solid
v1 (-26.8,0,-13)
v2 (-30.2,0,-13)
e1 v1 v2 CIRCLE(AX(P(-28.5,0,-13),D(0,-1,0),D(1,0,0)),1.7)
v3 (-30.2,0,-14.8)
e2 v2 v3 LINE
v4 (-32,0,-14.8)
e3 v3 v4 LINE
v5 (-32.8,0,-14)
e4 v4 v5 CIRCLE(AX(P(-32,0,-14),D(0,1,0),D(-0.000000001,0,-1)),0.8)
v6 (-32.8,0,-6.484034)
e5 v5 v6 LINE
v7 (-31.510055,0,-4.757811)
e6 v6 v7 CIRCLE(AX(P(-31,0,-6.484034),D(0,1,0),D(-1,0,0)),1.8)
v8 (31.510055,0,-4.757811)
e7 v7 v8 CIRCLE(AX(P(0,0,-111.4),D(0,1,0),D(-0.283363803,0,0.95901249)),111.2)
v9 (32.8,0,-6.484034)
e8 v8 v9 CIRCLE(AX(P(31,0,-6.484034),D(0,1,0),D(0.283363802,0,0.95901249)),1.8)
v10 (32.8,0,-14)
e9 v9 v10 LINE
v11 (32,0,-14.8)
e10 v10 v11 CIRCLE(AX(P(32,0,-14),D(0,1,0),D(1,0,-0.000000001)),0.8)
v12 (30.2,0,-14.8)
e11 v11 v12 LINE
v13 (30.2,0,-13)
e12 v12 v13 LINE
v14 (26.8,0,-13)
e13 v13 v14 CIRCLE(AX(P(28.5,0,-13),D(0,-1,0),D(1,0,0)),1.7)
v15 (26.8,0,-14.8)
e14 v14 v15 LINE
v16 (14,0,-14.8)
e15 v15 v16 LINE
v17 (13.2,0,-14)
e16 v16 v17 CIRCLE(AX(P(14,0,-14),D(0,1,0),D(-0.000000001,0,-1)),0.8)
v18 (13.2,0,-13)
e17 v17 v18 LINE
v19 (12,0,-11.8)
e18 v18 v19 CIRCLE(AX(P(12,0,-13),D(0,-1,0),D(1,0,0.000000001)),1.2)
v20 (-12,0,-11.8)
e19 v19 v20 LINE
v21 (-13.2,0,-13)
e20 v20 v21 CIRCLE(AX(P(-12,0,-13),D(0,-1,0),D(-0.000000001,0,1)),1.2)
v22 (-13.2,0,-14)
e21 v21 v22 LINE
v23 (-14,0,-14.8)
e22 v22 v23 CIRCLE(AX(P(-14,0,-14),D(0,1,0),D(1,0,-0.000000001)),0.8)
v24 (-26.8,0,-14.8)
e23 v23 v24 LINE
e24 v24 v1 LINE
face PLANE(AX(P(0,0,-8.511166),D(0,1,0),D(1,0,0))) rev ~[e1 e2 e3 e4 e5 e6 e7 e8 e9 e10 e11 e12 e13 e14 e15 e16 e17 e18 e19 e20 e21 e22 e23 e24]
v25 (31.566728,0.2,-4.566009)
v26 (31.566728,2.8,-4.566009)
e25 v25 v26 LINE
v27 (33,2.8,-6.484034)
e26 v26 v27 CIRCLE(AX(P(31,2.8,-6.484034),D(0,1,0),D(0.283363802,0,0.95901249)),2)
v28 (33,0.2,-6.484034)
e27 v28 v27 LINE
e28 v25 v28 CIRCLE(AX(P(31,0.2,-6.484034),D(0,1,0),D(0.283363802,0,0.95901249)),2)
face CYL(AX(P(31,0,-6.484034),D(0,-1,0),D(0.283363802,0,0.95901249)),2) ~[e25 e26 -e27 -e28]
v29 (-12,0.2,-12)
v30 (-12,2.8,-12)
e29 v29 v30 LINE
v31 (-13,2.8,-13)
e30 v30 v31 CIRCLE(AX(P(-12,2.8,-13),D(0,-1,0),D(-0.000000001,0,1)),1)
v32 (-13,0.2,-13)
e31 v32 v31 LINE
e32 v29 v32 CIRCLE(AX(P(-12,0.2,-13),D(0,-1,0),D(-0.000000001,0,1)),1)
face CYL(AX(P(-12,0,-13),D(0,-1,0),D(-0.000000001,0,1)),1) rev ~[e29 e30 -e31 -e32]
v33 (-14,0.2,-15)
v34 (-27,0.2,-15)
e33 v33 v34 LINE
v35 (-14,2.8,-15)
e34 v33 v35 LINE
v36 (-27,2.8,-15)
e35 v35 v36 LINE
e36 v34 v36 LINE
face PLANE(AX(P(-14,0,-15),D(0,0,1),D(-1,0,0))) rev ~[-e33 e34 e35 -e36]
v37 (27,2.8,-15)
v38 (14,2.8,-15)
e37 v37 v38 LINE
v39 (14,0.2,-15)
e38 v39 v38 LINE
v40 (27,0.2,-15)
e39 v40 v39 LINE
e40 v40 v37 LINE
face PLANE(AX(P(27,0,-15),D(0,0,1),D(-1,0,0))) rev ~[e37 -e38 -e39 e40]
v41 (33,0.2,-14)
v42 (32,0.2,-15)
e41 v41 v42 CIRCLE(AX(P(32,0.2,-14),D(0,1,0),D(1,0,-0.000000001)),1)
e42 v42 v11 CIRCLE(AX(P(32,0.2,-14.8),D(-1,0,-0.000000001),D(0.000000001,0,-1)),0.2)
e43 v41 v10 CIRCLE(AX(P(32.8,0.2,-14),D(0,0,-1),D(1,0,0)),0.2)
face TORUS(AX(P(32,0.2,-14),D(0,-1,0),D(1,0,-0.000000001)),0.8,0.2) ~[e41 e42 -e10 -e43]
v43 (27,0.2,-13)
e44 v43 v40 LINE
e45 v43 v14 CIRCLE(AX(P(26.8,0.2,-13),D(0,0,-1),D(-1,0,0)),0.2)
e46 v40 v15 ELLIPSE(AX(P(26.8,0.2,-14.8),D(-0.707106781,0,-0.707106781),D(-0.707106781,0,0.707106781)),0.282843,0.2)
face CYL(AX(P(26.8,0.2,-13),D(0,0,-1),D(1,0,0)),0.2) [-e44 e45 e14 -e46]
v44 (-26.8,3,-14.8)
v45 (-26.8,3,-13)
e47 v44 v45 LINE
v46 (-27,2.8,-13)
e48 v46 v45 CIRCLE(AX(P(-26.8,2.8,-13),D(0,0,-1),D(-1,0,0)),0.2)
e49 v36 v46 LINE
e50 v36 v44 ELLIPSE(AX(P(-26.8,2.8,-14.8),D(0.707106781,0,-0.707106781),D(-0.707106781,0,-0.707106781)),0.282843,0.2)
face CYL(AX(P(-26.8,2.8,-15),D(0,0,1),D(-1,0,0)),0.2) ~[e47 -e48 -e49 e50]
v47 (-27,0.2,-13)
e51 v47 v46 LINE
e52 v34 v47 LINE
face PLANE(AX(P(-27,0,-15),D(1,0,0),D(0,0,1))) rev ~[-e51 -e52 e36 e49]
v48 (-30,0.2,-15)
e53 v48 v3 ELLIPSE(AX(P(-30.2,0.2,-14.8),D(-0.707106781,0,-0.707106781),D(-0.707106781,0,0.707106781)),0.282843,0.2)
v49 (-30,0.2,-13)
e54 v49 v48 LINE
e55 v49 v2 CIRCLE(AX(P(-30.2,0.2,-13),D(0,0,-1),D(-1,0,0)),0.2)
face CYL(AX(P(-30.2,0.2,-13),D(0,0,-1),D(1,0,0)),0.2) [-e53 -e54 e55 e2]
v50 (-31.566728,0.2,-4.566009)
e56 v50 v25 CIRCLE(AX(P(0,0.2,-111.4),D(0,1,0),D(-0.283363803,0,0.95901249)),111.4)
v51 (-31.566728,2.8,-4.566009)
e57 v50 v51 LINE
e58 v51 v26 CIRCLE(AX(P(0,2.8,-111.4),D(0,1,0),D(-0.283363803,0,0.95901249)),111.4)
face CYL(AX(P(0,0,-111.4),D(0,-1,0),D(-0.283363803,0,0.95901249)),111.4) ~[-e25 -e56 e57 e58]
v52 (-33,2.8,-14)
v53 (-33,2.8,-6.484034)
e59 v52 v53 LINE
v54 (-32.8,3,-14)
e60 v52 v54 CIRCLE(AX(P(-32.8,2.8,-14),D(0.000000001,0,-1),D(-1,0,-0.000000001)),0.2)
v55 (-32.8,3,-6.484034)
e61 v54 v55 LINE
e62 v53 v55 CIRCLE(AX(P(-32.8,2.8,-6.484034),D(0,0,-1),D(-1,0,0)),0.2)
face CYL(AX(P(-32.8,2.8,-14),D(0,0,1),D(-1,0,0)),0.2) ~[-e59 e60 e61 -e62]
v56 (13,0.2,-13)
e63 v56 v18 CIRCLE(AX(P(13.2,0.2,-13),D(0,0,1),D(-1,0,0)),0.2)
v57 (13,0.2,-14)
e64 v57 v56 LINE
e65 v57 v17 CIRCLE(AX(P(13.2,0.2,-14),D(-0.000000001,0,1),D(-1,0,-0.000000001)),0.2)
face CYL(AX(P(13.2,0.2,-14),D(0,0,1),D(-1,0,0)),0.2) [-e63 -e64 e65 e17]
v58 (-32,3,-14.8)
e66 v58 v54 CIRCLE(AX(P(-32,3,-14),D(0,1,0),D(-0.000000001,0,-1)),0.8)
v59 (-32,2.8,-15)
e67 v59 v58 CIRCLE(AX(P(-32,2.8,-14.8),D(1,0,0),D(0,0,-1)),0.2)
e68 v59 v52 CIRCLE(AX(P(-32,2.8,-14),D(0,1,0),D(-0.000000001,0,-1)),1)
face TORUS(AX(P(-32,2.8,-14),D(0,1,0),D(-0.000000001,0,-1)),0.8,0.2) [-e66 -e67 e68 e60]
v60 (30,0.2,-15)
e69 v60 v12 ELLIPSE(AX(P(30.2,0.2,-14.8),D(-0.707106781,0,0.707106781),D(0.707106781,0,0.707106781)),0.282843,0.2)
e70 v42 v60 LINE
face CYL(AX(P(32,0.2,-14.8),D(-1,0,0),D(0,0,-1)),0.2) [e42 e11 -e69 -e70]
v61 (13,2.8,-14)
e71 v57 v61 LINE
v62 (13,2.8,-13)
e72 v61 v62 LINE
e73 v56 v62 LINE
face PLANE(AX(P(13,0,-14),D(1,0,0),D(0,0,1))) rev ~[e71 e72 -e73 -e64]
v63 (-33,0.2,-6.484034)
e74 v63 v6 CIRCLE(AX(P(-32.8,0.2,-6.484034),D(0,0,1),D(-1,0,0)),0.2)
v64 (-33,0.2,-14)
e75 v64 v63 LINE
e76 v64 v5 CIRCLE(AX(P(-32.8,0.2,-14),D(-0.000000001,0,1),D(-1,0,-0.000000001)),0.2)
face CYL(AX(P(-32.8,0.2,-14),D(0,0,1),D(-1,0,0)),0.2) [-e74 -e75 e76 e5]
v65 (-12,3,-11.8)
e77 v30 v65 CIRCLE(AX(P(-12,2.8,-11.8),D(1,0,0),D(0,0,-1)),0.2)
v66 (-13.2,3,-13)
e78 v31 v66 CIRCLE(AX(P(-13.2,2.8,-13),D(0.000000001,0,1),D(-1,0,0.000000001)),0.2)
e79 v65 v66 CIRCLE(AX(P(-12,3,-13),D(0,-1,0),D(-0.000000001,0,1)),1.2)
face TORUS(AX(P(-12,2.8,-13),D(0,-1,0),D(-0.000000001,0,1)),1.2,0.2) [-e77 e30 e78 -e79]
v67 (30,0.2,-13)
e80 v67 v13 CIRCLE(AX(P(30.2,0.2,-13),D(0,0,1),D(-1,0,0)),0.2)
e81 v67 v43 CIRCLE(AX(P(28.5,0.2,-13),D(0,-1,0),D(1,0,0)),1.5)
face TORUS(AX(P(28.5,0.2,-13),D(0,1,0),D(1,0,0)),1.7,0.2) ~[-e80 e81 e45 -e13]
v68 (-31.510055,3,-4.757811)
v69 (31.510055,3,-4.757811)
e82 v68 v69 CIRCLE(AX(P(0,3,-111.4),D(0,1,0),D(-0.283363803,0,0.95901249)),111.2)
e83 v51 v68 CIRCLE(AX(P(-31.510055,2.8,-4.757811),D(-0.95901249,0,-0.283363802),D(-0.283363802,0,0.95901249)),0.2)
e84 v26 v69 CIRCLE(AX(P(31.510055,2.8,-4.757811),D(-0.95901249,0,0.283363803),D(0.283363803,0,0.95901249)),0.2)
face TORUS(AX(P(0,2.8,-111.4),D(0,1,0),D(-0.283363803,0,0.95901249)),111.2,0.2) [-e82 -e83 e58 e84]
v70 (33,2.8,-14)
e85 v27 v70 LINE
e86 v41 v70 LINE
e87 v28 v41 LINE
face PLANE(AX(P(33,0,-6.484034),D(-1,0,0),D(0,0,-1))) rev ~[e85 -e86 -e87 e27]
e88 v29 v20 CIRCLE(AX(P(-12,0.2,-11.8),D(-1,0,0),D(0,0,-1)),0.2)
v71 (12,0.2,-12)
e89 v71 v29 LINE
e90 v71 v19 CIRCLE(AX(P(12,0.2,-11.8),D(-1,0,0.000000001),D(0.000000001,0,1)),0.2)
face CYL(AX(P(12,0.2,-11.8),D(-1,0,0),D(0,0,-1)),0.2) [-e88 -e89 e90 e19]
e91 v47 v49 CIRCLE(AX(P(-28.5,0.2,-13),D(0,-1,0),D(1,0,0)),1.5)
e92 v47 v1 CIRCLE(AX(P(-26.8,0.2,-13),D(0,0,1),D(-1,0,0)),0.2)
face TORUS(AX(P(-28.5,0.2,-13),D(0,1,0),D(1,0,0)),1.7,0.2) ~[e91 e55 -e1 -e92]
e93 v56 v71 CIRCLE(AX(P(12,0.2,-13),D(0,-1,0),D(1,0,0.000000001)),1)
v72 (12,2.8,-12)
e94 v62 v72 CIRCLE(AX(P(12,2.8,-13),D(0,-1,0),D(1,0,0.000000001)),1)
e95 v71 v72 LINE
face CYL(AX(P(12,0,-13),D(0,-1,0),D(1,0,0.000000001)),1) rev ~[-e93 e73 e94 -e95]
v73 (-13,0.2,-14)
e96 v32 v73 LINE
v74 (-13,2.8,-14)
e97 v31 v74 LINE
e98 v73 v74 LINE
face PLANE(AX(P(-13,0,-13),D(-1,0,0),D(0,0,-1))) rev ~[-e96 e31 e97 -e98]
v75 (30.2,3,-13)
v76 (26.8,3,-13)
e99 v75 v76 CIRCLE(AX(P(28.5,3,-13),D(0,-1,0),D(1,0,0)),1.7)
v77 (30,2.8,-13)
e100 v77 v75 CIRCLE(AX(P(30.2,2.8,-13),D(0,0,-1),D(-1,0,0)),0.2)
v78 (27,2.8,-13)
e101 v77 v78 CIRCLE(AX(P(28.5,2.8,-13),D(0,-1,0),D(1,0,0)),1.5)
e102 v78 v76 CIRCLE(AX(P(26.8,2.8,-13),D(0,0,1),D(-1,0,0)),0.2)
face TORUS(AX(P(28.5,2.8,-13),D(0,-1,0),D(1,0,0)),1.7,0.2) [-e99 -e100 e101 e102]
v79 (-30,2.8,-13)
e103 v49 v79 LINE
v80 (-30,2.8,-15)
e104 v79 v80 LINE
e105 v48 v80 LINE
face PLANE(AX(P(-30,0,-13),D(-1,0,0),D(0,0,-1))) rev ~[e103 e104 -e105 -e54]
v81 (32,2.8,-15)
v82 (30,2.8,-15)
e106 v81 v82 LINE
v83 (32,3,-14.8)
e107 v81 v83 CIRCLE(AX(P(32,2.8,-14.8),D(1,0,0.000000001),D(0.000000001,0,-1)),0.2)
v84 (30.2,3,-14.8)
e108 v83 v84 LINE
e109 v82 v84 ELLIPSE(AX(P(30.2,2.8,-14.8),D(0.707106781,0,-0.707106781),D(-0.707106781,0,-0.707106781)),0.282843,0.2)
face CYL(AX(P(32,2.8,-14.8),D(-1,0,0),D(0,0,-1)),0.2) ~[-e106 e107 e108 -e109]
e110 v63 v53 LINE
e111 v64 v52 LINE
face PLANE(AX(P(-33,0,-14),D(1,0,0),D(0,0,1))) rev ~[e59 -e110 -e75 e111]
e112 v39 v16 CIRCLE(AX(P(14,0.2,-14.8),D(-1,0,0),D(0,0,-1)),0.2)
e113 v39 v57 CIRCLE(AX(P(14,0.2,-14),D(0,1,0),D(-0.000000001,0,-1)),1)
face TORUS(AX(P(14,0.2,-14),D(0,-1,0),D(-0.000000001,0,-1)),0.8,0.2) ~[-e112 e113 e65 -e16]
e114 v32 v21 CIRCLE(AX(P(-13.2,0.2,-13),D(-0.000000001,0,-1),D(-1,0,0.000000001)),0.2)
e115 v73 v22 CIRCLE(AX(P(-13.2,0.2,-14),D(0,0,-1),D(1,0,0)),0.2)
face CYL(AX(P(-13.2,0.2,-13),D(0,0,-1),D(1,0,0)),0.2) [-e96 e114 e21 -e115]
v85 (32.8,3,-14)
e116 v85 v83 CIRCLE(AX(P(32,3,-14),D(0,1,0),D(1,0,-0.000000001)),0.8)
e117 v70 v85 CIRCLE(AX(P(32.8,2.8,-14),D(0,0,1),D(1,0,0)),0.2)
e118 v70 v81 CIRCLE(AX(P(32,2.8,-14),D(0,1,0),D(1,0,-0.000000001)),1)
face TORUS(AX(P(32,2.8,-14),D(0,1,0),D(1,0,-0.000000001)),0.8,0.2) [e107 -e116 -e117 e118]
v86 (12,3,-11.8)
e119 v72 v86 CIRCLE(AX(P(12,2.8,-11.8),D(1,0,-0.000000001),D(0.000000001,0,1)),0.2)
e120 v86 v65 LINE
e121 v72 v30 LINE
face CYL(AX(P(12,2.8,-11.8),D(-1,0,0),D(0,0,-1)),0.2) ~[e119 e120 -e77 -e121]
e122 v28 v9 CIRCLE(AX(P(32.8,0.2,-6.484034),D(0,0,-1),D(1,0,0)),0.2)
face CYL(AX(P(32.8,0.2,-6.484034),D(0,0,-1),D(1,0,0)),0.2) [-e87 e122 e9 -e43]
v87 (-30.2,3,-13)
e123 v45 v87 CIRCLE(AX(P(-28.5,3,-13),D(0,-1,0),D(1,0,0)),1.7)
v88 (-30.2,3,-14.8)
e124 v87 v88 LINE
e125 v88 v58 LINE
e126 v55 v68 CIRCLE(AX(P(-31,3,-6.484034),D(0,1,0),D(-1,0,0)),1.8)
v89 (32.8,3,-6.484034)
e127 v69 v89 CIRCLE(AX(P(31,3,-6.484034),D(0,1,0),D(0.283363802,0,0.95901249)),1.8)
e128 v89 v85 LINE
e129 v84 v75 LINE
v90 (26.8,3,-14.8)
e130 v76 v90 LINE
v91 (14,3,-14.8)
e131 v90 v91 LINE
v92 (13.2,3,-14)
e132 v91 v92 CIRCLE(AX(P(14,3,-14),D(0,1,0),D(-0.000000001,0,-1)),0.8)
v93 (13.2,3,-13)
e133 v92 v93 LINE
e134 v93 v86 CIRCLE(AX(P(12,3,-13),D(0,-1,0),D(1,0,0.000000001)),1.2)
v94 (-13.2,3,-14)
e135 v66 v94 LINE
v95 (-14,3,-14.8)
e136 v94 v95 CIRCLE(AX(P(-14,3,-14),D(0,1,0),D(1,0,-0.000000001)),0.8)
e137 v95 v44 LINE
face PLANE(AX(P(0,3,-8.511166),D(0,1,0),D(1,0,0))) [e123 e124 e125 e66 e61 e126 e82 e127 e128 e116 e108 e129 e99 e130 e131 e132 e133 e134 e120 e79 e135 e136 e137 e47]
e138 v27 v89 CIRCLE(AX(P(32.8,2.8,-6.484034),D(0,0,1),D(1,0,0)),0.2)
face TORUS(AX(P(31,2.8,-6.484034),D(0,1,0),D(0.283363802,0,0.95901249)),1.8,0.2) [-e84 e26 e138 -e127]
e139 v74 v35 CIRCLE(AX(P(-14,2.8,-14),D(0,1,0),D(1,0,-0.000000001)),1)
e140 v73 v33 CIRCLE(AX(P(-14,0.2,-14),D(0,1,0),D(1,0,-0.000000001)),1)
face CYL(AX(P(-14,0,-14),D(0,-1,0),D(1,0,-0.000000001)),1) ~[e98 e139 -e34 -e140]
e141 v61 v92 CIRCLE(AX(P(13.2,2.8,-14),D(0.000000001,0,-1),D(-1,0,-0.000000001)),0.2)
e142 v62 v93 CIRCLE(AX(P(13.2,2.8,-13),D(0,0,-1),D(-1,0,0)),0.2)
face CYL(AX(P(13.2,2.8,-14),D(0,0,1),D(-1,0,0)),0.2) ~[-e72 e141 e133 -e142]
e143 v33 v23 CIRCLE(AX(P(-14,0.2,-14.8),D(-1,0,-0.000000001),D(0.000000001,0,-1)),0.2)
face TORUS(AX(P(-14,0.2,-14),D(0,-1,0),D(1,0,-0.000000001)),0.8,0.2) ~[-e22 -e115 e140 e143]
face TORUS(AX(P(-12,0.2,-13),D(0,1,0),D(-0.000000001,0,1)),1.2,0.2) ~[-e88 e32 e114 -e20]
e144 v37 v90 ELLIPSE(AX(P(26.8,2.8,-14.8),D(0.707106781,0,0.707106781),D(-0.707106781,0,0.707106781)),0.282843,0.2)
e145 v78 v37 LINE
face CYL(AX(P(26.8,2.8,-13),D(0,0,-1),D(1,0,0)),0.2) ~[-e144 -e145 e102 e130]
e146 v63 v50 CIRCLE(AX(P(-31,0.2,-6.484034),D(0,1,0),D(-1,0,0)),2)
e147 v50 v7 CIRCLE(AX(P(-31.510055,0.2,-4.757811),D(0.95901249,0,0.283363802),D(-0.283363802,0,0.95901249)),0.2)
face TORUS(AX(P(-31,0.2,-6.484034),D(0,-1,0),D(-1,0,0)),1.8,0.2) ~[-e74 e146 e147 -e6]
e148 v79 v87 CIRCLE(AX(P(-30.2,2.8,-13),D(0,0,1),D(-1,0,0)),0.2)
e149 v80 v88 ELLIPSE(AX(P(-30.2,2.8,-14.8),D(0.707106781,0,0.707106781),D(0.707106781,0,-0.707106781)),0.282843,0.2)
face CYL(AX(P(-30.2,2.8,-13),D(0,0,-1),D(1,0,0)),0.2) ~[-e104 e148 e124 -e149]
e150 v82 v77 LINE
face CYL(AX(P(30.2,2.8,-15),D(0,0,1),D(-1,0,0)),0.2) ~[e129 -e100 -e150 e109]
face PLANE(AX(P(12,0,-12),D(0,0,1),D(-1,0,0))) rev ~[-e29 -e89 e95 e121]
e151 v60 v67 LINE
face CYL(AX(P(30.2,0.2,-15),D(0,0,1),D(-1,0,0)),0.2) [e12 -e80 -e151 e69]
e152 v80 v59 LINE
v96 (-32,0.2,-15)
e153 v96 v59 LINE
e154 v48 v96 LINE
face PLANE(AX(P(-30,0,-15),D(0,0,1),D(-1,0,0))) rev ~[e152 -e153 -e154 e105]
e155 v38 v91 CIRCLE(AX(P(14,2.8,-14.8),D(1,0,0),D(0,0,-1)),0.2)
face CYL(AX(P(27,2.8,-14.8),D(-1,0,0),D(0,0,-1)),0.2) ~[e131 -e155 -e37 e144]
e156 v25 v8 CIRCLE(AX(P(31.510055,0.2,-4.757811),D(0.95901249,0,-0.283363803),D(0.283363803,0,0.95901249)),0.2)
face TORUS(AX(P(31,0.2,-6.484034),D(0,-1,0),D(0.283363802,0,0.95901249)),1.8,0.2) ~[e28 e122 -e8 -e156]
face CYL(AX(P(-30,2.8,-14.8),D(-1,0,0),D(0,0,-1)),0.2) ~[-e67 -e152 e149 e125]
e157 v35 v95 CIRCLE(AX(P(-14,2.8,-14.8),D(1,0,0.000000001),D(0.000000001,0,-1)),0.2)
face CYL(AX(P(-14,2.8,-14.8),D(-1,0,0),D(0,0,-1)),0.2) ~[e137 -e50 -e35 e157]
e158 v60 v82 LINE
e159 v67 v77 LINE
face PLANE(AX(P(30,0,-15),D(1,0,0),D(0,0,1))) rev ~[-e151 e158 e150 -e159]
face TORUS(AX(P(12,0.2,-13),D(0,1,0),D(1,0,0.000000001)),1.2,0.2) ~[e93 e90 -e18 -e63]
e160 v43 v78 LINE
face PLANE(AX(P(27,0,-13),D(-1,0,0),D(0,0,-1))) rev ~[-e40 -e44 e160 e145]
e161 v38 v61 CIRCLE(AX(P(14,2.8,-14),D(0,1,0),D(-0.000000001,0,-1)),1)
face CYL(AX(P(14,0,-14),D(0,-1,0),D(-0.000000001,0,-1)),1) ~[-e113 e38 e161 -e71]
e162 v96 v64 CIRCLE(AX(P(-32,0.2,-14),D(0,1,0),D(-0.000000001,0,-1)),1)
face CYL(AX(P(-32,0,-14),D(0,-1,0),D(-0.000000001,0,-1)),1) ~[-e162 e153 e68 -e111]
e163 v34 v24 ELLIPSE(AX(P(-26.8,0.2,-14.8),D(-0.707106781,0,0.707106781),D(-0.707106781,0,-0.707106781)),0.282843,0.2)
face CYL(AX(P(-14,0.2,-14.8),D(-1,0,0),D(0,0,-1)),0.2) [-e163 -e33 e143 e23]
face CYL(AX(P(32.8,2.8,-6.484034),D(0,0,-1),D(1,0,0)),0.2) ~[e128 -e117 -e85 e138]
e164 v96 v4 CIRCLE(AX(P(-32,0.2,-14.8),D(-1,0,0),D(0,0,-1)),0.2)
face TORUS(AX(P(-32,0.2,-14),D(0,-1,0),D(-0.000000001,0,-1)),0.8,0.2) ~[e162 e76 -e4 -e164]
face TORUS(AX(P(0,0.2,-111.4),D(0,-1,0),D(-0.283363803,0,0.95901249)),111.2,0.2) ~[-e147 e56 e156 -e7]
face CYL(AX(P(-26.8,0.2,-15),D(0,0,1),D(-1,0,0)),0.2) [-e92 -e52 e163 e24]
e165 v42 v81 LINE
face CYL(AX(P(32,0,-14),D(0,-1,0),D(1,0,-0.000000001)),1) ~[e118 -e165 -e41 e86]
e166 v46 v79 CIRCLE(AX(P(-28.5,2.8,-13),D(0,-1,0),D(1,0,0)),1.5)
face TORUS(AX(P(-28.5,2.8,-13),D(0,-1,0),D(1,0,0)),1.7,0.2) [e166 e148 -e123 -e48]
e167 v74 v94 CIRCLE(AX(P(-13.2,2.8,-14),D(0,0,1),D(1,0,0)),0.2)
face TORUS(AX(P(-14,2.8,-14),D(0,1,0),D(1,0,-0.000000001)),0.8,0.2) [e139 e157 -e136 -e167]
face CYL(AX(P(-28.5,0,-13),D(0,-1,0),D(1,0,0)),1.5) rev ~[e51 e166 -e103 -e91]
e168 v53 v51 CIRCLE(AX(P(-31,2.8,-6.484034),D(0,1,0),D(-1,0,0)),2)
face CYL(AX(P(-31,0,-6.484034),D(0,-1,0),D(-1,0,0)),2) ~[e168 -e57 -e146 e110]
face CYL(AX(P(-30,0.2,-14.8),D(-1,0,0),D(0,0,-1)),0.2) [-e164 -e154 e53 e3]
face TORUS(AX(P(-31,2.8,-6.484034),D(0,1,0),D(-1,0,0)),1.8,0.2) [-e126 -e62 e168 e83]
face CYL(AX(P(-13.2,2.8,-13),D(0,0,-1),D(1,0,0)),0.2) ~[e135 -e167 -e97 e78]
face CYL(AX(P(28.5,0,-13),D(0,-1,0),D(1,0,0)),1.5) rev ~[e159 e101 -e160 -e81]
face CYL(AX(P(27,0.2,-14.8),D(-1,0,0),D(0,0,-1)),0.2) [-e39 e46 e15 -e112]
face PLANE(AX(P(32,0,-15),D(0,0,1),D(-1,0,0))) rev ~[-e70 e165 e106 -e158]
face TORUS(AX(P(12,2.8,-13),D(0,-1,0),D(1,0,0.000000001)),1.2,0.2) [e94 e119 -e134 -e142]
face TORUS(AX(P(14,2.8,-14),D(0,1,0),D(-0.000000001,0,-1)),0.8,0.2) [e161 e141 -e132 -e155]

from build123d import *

# Parameters (mm, degrees)
BOSS_EXTRUDE1_DEPTH = 3
FILLET1_R           = 0.2


with BuildPart() as part:
    # Sketch1 → Boss-Extrude1 (new body)
    with BuildSketch(Plane(origin=(0, 0, 0), x_dir=(1, 0, 0), z_dir=(0, 1, 0))):
        with BuildLine():
            Line((-33, 14), (-33, 6.484033627))
            ThreePointArc((-33, 6.484033627), (-32.602100997, 5.286840077), (-31.566727605, 4.566008648))
            ThreePointArc((-31.566727605, 4.566008648), (0, 0), (31.566727605, 4.566008648))
            ThreePointArc((31.566727605, 4.566008648), (32.602100997, 5.286840077), (33, 6.484033627))
            Line((33, 6.484033627), (33, 14))
            ThreePointArc((33, 14), (32.707106781, 14.707106781), (32, 15))
            Line((32, 15), (30, 15))
            Line((30, 15), (30, 13))
            ThreePointArc((30, 13), (28.5, 11.5), (27, 13))
            Line((27, 13), (27, 15))
            Line((27, 15), (14, 15))
            ThreePointArc((14, 15), (13.292893219, 14.707106781), (13, 14))
            Line((13, 14), (13, 13))
            ThreePointArc((13, 13), (12.707106781, 12.292893219), (12, 12))
            Line((12, 12), (-12, 12))
            ThreePointArc((-12, 12), (-12.707106781, 12.292893219), (-13, 13))
            Line((-13, 13), (-13, 14))
            ThreePointArc((-13, 14), (-13.292893219, 14.707106781), (-14, 15))
            Line((-14, 15), (-27, 15))
            Line((-27, 15), (-27, 13))
            ThreePointArc((-27, 13), (-28.5, 11.5), (-30, 13))
            Line((-30, 13), (-30, 15))
            Line((-30, 15), (-32, 15))
            ThreePointArc((-32, 15), (-32.707106781, 14.707106781), (-33, 14))
        make_face()
    extrude(amount=BOSS_EXTRUDE1_DEPTH)

    # Fillet1
    fillet1_edges = [part.edges().sort_by_distance(p)[0] for p in [
        (-13.292893219, 3, -14.707106781),
        (-20.5, 3, -15),
        (-27, 3, -14),
        (-28.5, 3, -11.5),
        (0, 0, -12),
        (12.707106781, 0, -12.292893219),
        (13, 0, -13.5),
        (13.292893219, 0, -14.707106781),
        (-30, 3, -14),
        (20.5, 0, -15),
        (27, 0, -14),
        (28.5, 0, -11.5),
        (30, 0, -14),
        (31, 0, -15),
        (32.707106781, 0, -14.707106781),
        (33, 0, -10.242016813),
        (32.602100997, 0, -5.286840077),
        (-31, 3, -15),
        (0, 0, 0),
        (-32.602100997, 0, -5.286840077),
        (-33, 0, -10.242016813),
        (-32.707106781, 0, -14.707106781),
        (-31, 0, -15),
        (-30, 0, -14),
        (-28.5, 0, -11.5),
        (-32.707106781, 3, -14.707106781),
        (-27, 0, -14),
        (-20.5, 0, -15),
        (-13.292893219, 0, -14.707106781),
        (-13, 0, -13.5),
        (-12.707106781, 0, -12.292893219),
        (-33, 3, -10.242016813),
        (-32.602100997, 3, -5.286840077),
        (0, 3, 0),
        (-12.707106781, 3, -12.292893219),
        (32.602100997, 3, -5.286840077),
        (33, 3, -10.242016813),
        (32.707106781, 3, -14.707106781),
        (31, 3, -15),
        (30, 3, -14),
        (28.5, 3, -11.5),
        (27, 3, -14),
        (20.5, 3, -15),
        (13.292893219, 3, -14.707106781),
        (13, 3, -13.5),
        (-13, 3, -13.5),
        (12.707106781, 3, -12.292893219),
        (0, 3, -12),
    ]]
    fillet(fillet1_edges, radius=FILLET1_R)


solid = part.part
